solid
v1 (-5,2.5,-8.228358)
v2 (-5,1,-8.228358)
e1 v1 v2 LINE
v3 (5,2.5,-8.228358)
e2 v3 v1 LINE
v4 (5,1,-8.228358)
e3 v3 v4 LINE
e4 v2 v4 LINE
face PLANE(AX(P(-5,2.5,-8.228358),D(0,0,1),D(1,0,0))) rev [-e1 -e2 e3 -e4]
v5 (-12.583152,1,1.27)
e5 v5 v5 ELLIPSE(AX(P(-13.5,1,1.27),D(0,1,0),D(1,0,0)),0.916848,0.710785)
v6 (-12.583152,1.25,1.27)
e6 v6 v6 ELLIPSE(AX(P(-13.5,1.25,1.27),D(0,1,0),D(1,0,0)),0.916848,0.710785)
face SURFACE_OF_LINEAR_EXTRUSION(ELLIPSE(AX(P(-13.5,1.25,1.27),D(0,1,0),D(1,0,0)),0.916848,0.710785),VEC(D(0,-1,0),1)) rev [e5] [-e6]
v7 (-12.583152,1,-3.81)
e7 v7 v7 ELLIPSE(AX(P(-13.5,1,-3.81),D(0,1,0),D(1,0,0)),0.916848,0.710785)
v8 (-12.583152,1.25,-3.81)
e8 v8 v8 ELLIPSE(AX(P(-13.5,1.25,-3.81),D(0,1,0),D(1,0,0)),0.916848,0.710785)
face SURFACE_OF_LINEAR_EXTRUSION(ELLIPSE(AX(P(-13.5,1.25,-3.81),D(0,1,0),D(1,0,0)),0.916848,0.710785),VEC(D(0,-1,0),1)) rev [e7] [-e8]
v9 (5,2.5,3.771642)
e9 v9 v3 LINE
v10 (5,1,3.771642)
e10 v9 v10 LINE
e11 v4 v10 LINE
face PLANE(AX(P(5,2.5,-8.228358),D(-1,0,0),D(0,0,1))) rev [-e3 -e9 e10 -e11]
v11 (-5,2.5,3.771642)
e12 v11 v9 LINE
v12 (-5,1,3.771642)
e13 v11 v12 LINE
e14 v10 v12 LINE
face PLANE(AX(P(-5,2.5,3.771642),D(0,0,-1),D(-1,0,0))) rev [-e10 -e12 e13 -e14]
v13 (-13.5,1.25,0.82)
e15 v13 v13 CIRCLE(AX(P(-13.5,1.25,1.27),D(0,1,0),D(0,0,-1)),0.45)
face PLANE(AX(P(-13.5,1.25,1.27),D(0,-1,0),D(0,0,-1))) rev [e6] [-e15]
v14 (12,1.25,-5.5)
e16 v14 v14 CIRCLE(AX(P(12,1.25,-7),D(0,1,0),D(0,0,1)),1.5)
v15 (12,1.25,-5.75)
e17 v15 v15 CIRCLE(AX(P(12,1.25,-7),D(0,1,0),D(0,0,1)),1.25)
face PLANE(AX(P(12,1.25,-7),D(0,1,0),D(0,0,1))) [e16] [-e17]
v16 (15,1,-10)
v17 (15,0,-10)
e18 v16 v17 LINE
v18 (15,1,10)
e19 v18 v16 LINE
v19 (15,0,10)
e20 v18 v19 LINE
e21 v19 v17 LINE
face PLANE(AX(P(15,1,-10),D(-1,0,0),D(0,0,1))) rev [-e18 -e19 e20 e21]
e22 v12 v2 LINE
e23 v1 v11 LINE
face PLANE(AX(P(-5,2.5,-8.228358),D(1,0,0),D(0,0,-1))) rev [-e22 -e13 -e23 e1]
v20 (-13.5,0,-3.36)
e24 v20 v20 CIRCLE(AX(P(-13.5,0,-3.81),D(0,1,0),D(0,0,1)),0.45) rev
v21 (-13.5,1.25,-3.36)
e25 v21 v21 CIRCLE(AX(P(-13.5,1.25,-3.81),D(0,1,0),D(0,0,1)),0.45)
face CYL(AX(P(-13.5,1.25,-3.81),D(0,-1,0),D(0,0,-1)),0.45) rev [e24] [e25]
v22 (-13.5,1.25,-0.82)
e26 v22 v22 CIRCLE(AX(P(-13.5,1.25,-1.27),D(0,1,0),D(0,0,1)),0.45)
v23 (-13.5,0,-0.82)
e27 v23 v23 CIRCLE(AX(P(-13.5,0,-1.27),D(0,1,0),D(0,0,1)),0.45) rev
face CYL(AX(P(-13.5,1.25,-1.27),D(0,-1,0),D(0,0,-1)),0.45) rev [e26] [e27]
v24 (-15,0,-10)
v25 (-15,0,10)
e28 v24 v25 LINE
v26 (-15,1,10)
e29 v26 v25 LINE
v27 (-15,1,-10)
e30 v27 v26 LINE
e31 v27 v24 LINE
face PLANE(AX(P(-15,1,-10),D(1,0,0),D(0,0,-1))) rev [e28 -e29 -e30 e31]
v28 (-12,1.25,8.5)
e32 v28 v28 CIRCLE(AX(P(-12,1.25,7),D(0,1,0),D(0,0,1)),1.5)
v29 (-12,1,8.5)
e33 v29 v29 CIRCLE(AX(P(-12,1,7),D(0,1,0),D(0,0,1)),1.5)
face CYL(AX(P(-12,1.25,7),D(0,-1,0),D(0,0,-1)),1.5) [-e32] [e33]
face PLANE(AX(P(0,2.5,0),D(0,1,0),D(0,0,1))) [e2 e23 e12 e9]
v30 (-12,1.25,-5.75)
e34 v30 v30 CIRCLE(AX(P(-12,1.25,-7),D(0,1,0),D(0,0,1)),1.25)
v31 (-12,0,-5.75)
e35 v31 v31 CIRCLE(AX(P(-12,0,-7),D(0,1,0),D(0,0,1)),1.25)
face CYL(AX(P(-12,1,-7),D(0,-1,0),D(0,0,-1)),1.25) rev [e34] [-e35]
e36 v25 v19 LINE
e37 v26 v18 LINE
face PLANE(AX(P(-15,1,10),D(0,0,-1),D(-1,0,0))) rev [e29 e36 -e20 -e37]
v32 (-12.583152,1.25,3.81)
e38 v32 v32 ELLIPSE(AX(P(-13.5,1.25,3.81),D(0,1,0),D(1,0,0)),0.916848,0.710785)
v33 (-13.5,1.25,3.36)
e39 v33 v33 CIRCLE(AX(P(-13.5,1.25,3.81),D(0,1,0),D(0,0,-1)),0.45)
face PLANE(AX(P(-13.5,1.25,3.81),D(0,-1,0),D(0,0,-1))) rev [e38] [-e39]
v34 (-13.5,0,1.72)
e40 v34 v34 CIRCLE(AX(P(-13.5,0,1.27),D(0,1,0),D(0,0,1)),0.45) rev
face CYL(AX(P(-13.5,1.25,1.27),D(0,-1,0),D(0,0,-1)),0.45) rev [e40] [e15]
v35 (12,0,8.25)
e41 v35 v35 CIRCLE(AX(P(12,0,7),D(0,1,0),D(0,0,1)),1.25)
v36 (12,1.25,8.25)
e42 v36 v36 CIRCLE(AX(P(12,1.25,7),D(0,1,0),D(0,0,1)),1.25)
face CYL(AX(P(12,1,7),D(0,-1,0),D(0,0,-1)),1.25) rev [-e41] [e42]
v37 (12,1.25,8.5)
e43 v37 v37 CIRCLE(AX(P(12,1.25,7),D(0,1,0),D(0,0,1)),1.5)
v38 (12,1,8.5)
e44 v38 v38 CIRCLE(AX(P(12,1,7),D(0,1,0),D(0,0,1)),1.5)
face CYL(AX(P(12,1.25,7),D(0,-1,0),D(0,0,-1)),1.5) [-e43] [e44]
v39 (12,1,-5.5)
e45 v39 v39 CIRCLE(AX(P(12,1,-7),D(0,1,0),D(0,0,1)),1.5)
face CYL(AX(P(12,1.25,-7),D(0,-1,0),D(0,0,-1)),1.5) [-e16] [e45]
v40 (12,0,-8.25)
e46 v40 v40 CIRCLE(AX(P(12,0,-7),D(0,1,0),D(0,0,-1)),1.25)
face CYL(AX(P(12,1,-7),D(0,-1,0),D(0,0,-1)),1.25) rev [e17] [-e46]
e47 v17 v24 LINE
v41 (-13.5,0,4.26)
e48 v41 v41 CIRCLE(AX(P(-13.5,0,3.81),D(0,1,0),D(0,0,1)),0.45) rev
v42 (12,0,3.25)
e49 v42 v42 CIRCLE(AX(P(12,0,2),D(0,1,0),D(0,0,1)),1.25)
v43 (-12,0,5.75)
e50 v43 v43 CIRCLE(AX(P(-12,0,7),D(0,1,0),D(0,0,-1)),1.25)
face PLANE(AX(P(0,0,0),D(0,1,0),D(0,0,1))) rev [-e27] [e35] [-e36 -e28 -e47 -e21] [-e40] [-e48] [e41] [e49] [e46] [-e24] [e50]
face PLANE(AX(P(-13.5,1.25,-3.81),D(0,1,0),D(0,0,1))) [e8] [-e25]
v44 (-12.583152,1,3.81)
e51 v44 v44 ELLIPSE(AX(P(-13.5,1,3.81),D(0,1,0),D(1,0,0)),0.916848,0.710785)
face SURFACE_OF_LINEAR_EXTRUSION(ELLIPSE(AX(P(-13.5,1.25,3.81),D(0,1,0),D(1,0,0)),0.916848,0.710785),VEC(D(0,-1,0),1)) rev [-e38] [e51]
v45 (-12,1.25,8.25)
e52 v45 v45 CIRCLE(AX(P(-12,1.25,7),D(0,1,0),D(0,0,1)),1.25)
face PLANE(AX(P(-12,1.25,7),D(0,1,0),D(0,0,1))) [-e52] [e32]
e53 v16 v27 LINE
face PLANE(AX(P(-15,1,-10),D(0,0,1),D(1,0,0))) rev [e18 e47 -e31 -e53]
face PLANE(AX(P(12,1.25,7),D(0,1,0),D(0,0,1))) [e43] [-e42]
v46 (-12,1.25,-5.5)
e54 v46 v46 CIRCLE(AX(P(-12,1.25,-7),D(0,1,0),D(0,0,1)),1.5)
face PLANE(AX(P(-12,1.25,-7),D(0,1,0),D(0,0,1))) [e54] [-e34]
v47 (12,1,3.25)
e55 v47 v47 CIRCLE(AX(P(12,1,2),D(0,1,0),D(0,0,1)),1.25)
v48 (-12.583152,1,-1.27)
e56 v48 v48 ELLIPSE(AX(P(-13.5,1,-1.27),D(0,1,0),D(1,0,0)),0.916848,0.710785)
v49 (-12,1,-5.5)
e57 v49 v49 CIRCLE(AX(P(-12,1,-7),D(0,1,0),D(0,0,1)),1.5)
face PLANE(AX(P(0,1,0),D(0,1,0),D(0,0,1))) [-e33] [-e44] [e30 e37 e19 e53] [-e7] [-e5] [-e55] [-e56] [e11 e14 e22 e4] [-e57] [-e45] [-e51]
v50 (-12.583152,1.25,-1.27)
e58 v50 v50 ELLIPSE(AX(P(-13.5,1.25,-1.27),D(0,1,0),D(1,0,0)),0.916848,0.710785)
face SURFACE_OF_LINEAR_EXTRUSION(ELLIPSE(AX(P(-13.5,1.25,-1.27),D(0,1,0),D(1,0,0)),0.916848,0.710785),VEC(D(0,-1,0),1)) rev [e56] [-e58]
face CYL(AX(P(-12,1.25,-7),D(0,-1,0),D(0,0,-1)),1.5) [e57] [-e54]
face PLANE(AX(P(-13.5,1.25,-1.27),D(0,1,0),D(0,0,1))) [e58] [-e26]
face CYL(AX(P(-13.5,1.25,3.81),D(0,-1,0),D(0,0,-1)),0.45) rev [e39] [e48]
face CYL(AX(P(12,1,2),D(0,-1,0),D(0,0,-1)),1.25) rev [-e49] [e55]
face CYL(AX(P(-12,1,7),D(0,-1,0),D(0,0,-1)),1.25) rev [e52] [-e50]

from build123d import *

# Parameters (mm, degrees)
SKETCH1_W               = 30
SKETCH1_H               = 20
SKETCH1_R               = 1.25
BOSS_EXTRUDE1_DEPTH     = 1
SKETCH2_W               = 10
SKETCH2_H               = 12
BOSS_EXTRUDE2_DEPTH     = 2.5
SKETCH3_R               = 1.5
SKETCH3_R_2             = 1.25
SKETCH3_RX              = 0.916848001
SKETCH3_RY              = 0.710785017
SKETCH3_R_3             = 0.45
BOSS_EXTRUDE3_DEPTH     = 0.25
SKETCH4_R               = 0.45
CUT_EXTRUDE1_DEPTH      = 3.5
CUT_EXTRUDE1_DEPTH_BACK = 5


with BuildPart() as part:
    # Sketch1 → Boss-Extrude1 (new body)
    with BuildSketch(Plane(origin=(0, 0, 0), x_dir=(1, 0, 0), z_dir=(0, 1, 0))):
        Rectangle(SKETCH1_W, SKETCH1_H)
        with Locations((-12, 7)):
            Circle(SKETCH1_R, mode=Mode.SUBTRACT)
        with Locations((12, 7)):
            Circle(SKETCH1_R, mode=Mode.SUBTRACT)
        with Locations((12, -7)):
            Circle(SKETCH1_R, mode=Mode.SUBTRACT)
        with Locations((-12, -7)):
            Circle(SKETCH1_R, mode=Mode.SUBTRACT)
        with Locations((12, -2)):
            Circle(SKETCH1_R, mode=Mode.SUBTRACT)
    extrude(amount=BOSS_EXTRUDE1_DEPTH)

    # Sketch2 → Boss-Extrude2 (add)
    with BuildSketch(Plane(origin=(0, 0, 0), x_dir=(1, 0, 0), z_dir=(0, 1, 0))):
        with Locations((0, 2.22835765)):
            Rectangle(SKETCH2_W, SKETCH2_H)
    extrude(amount=BOSS_EXTRUDE2_DEPTH)

    # Sketch3 → Boss-Extrude3 (add)
    with BuildSketch(Plane(origin=(0, 1, 0), x_dir=(1, 0, 0), z_dir=(0, 1, 0))):
        with Locations((-12, 7)):
            Circle(SKETCH3_R)
        with Locations((-12, 7)):
            Circle(SKETCH3_R_2, mode=Mode.SUBTRACT)
        with Locations((12, 7)):
            Circle(SKETCH3_R)
        with Locations((12, 7)):
            Circle(SKETCH3_R_2, mode=Mode.SUBTRACT)
        with Locations((12, -7)):
            Circle(SKETCH3_R)
        with Locations((12, -7)):
            Circle(SKETCH3_R_2, mode=Mode.SUBTRACT)
        with Locations((-12, -7)):
            Circle(SKETCH3_R)
        with Locations((-12, -7)):
            Circle(SKETCH3_R_2, mode=Mode.SUBTRACT)
        with Locations((-13.5, 3.81)):
            Ellipse(SKETCH3_RX, SKETCH3_RY)
        with Locations((-13.5, 3.81)):
            Circle(SKETCH3_R_3, mode=Mode.SUBTRACT)
        with Locations((-13.5, 1.27)):
            Ellipse(SKETCH3_RX, SKETCH3_RY)
        with Locations((-13.5, 1.27)):
            Circle(SKETCH3_R_3, mode=Mode.SUBTRACT)
        with Locations((-13.5, -1.27)):
            Ellipse(SKETCH3_RX, SKETCH3_RY)
        with Locations((-13.5, -1.27)):
            Circle(SKETCH3_R_3, mode=Mode.SUBTRACT)
        with Locations((-13.5, -3.81)):
            Ellipse(SKETCH3_RX, SKETCH3_RY)
        with Locations((-13.5, -3.81)):
            Circle(SKETCH3_R_3, mode=Mode.SUBTRACT)
    extrude(amount=BOSS_EXTRUDE3_DEPTH)

    # Sketch4 → Cut-Extrude1 (cut, two sides)
    with BuildSketch(Plane(origin=(0, 0, 0), x_dir=(1, 0, 0), z_dir=(0, 1, 0))) as cut_extrude1_sk:
        with Locations((-13.5, 3.81)):
            Circle(SKETCH4_R)
        with Locations((-13.5, 1.27)):
            Circle(SKETCH4_R)
        with Locations((-13.5, -1.27)):
            Circle(SKETCH4_R)
        with Locations((-13.5, -3.81)):
            Circle(SKETCH4_R)
    extrude(amount=CUT_EXTRUDE1_DEPTH, mode=Mode.SUBTRACT)
    extrude(cut_extrude1_sk.sketch, amount=-CUT_EXTRUDE1_DEPTH_BACK, mode=Mode.SUBTRACT)


solid = part.part
